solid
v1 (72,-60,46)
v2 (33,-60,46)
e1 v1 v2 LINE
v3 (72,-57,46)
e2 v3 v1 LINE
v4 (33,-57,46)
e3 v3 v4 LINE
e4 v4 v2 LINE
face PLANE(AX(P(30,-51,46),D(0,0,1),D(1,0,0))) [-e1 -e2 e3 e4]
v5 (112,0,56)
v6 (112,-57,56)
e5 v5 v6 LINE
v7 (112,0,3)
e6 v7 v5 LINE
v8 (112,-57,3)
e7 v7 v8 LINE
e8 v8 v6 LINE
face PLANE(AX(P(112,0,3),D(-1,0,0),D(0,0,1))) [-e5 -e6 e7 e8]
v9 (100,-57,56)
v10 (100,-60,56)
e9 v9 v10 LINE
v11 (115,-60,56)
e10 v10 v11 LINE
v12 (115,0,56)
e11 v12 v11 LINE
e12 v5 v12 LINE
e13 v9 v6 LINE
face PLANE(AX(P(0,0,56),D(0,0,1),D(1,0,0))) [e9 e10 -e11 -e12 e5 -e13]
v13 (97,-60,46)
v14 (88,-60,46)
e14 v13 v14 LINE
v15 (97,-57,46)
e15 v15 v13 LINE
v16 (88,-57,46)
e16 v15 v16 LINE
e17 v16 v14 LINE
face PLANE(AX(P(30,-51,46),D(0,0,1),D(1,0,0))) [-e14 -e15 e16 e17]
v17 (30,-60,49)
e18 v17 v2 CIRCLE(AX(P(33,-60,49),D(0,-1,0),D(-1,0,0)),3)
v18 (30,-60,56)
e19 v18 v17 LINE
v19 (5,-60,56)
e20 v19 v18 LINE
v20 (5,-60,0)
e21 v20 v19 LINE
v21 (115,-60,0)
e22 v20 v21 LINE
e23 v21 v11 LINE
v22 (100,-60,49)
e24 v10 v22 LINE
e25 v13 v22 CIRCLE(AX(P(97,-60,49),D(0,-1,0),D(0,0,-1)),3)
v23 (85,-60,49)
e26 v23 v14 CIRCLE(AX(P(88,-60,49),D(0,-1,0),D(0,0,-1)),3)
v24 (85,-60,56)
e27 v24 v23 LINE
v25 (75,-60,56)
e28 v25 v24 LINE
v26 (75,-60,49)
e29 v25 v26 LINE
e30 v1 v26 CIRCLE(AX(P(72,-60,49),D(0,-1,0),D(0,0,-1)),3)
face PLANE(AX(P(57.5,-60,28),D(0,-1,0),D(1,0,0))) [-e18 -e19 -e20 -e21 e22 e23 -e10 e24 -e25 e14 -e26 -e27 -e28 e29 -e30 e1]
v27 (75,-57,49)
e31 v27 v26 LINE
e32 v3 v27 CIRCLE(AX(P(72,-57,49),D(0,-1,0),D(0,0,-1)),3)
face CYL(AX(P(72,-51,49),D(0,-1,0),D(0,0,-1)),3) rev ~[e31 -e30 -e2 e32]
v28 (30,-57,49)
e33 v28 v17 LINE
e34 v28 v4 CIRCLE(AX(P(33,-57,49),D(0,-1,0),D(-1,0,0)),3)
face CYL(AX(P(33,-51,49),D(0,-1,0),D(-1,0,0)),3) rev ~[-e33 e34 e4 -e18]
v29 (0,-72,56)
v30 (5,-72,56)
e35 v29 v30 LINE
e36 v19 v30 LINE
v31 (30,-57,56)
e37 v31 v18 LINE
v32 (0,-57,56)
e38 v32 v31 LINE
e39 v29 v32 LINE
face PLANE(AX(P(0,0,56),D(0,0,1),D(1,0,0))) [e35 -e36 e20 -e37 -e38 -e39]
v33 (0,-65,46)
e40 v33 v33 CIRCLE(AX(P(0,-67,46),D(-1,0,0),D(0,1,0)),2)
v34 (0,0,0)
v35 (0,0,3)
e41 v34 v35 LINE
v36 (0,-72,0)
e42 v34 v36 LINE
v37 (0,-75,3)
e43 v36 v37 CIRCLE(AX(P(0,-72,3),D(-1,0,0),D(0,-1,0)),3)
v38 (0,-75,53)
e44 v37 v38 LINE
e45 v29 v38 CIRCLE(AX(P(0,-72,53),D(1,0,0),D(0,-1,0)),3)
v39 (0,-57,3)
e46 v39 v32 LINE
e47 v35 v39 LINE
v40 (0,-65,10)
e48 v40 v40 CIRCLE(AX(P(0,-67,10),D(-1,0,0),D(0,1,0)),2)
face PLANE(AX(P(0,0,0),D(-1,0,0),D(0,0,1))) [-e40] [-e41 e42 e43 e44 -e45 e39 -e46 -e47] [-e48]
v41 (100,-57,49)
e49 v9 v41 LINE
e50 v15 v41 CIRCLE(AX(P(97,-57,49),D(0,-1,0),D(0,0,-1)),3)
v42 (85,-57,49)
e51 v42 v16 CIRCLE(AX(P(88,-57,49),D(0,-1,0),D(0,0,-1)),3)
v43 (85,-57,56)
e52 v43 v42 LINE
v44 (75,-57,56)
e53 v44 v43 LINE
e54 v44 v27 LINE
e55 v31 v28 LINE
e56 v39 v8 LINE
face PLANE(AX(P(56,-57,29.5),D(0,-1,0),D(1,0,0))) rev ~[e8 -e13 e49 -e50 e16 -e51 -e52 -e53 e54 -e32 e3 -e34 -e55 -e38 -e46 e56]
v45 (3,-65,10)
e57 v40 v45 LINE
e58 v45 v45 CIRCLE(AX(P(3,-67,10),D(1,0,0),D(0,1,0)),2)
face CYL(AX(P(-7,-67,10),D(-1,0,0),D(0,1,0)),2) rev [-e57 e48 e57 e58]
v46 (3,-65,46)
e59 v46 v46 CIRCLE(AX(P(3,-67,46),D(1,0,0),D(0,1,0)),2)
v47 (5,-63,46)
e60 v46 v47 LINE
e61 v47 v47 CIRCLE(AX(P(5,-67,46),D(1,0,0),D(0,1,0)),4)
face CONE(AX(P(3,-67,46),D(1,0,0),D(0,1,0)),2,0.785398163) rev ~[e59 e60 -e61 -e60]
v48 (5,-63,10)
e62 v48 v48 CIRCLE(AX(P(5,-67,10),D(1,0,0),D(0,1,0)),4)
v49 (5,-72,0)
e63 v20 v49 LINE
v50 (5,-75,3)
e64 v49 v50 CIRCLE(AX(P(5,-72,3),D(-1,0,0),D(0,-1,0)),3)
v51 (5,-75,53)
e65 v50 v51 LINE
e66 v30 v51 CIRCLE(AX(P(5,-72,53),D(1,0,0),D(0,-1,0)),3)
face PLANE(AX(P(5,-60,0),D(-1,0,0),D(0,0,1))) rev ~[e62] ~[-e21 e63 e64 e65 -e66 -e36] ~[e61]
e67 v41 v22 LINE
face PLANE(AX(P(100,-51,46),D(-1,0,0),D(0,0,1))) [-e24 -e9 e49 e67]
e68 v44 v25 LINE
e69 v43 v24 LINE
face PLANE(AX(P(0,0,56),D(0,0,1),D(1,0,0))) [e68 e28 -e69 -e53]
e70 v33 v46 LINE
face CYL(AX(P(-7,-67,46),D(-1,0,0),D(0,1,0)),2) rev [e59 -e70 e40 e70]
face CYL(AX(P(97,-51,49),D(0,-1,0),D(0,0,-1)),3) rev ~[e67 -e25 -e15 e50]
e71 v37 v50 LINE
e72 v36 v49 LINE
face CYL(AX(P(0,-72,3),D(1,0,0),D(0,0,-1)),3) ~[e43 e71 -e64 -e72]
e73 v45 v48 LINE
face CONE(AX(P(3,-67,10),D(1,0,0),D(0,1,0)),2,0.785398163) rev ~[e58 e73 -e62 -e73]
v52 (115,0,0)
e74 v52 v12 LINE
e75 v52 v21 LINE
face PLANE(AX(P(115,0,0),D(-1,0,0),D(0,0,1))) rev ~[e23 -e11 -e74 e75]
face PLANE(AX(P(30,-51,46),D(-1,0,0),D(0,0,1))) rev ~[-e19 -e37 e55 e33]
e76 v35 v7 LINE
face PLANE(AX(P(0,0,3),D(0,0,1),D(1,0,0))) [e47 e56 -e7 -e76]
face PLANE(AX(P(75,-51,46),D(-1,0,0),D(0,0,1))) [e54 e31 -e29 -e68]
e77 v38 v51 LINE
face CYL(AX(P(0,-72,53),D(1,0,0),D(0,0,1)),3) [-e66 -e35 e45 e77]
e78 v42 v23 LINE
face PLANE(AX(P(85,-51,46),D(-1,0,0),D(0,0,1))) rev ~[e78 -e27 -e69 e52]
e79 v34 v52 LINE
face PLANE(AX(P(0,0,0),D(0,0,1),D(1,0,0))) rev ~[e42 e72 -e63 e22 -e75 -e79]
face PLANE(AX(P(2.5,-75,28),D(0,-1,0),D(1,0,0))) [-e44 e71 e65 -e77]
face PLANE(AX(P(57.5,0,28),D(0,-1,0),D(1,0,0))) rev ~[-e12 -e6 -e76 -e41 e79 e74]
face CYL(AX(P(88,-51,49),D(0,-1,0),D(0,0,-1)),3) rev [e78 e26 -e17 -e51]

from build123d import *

# Parameters (mm, degrees)
CYLINDER_R            = 2
CYLINDER_DEPTH        = 10
FUSION002_PITCH_ANGLE = 90
FUSION001_PITCH_ANGLE = 90
BOX004_W              = 10
BOX004_H              = 10
BOX004_DEPTH          = 10
BOX003_W              = 70
BOX003_H              = 10
BOX003_DEPTH          = 10
FILLET_R              = 3
BOX001_W              = 112
BOX001_H              = 53
BOX001_DEPTH          = 57
BOX_W                 = 115
BOX_H                 = 56
BOX_DEPTH             = 60
BOX002_W              = 5
BOX002_H              = 56
BOX002_DEPTH          = 15
FILLET001_R           = 3
CUT004_ROLL_ANGLE     = 90


with BuildPart() as cone:
    # Cone → Cone (revolve)
    with BuildSketch(Plane(origin=(0, 0, 10), x_dir=(1, 0, 0), z_dir=(0, -1, 0))):
        Polygon((0, 0), (2, 0), (4, 2), (0, 2), align=None)
    revolve(axis=Axis((0, 0, 10), (0, 0, 1)))


with BuildPart() as cylinder:
    # Cylinder → Cylinder (new body)
    with BuildSketch(Plane.XY):
        Circle(CYLINDER_R)
    extrude(amount=CYLINDER_DEPTH)


with BuildPart() as screw_cutout001:
    # Fusion002 base: copy of Cylinder
    add(cylinder.part)

    # Fusion002: union Cone
    add(cone.part)


with BuildPart() as screw_cutout001_1:
    # Fusion002 pitch: moved
    add(screw_cutout001.part.rotate(Axis((0, 0, 0), (0, 1, 0)), FUSION002_PITCH_ANGLE))


with BuildPart() as screw_cutout001_2:
    # Fusion002 placement: moved
    add(screw_cutout001_1.part.moved(Location((-7, 10, 67))))


with BuildPart() as fusion003:
    # Fusion001 base: copy of Cylinder
    add(cylinder.part)

    # Fusion001: union Cone
    add(cone.part)


with BuildPart() as fusion003_1:
    # Fusion001 pitch: moved
    add(fusion003.part.rotate(Axis((0, 0, 0), (0, 1, 0)), FUSION001_PITCH_ANGLE))


with BuildPart() as fusion003_2:
    # Fusion001 placement: moved
    add(fusion003_1.part.moved(Location((-7, 46, 67))))

    # Fusion003: union screw cutout001
    add(screw_cutout001_2.part)


with BuildPart() as cablecutout001:
    # Box004 → Box004 (new body)
    with BuildSketch(Plane(origin=(75, 46, 51), x_dir=(1, 0, 0), z_dir=(0, 0, 1))):
        with Locations((5, 5)):
            Rectangle(BOX004_W, BOX004_H)
    extrude(amount=BOX004_DEPTH)


with BuildPart() as fillet_body:
    # Box003 → Box003 (new body)
    with BuildSketch(Plane(origin=(30, 46, 51), x_dir=(1, 0, 0), z_dir=(0, 0, 1))):
        with Locations((35, 5)):
            Rectangle(BOX003_W, BOX003_H)
    extrude(amount=BOX003_DEPTH)

    # Cut002: cut cablecutout001
    add(cablecutout001.part, mode=Mode.SUBTRACT)

    # Fillet
    fillet_edges = [fillet_body.edges().sort_by_distance(p)[0] for p in [
        (30, 46, 56),
        (75, 46, 56),
        (100, 46, 56),
        (85, 46, 56),
    ]]
    fillet(fillet_edges, radius=FILLET_R)


with BuildPart() as cube001:
    # Box001 → Box001 (new body)
    with BuildSketch(Plane(origin=(0, 3, 0), x_dir=(1, 0, 0), z_dir=(0, 0, 1))):
        with Locations((56, 26.5)):
            Rectangle(BOX001_W, BOX001_H)
    extrude(amount=BOX001_DEPTH)


with BuildPart() as cut:
    # Box → Box (new body)
    with BuildSketch(Plane.XY):
        with Locations((57.5, 28)):
            Rectangle(BOX_W, BOX_H)
    extrude(amount=BOX_DEPTH)

    # Cut: cut Cube001
    add(cube001.part, mode=Mode.SUBTRACT)


with BuildPart() as cut004:
    # Box002 → Box002 (new body)
    with BuildSketch(Plane.XY.offset(60)):
        with Locations((2.5, 28)):
            Rectangle(BOX002_W, BOX002_H)
    extrude(amount=BOX002_DEPTH)

    # Fillet001
    fillet001_edges = [cut004.edges().sort_by_distance(p)[0] for p in [
        (2.5, 0, 75),
        (2.5, 56, 75),
    ]]
    fillet(fillet001_edges, radius=FILLET001_R)

    # Fusion: union Cut
    add(cut.part)

    # Cut003: cut Fillet body
    add(fillet_body.part, mode=Mode.SUBTRACT)

    # Cut004: cut Fusion003
    add(fusion003_2.part, mode=Mode.SUBTRACT)


with BuildPart() as cut004_1:
    # Cut004 roll: moved
    add(cut004.part.rotate(Axis((0, 0, 0), (1, 0, 0)), CUT004_ROLL_ANGLE))


with BuildPart() as cut004_2:
    # Cut004 placement: moved
    add(cut004_1.part)


solid = cut004_2.part
